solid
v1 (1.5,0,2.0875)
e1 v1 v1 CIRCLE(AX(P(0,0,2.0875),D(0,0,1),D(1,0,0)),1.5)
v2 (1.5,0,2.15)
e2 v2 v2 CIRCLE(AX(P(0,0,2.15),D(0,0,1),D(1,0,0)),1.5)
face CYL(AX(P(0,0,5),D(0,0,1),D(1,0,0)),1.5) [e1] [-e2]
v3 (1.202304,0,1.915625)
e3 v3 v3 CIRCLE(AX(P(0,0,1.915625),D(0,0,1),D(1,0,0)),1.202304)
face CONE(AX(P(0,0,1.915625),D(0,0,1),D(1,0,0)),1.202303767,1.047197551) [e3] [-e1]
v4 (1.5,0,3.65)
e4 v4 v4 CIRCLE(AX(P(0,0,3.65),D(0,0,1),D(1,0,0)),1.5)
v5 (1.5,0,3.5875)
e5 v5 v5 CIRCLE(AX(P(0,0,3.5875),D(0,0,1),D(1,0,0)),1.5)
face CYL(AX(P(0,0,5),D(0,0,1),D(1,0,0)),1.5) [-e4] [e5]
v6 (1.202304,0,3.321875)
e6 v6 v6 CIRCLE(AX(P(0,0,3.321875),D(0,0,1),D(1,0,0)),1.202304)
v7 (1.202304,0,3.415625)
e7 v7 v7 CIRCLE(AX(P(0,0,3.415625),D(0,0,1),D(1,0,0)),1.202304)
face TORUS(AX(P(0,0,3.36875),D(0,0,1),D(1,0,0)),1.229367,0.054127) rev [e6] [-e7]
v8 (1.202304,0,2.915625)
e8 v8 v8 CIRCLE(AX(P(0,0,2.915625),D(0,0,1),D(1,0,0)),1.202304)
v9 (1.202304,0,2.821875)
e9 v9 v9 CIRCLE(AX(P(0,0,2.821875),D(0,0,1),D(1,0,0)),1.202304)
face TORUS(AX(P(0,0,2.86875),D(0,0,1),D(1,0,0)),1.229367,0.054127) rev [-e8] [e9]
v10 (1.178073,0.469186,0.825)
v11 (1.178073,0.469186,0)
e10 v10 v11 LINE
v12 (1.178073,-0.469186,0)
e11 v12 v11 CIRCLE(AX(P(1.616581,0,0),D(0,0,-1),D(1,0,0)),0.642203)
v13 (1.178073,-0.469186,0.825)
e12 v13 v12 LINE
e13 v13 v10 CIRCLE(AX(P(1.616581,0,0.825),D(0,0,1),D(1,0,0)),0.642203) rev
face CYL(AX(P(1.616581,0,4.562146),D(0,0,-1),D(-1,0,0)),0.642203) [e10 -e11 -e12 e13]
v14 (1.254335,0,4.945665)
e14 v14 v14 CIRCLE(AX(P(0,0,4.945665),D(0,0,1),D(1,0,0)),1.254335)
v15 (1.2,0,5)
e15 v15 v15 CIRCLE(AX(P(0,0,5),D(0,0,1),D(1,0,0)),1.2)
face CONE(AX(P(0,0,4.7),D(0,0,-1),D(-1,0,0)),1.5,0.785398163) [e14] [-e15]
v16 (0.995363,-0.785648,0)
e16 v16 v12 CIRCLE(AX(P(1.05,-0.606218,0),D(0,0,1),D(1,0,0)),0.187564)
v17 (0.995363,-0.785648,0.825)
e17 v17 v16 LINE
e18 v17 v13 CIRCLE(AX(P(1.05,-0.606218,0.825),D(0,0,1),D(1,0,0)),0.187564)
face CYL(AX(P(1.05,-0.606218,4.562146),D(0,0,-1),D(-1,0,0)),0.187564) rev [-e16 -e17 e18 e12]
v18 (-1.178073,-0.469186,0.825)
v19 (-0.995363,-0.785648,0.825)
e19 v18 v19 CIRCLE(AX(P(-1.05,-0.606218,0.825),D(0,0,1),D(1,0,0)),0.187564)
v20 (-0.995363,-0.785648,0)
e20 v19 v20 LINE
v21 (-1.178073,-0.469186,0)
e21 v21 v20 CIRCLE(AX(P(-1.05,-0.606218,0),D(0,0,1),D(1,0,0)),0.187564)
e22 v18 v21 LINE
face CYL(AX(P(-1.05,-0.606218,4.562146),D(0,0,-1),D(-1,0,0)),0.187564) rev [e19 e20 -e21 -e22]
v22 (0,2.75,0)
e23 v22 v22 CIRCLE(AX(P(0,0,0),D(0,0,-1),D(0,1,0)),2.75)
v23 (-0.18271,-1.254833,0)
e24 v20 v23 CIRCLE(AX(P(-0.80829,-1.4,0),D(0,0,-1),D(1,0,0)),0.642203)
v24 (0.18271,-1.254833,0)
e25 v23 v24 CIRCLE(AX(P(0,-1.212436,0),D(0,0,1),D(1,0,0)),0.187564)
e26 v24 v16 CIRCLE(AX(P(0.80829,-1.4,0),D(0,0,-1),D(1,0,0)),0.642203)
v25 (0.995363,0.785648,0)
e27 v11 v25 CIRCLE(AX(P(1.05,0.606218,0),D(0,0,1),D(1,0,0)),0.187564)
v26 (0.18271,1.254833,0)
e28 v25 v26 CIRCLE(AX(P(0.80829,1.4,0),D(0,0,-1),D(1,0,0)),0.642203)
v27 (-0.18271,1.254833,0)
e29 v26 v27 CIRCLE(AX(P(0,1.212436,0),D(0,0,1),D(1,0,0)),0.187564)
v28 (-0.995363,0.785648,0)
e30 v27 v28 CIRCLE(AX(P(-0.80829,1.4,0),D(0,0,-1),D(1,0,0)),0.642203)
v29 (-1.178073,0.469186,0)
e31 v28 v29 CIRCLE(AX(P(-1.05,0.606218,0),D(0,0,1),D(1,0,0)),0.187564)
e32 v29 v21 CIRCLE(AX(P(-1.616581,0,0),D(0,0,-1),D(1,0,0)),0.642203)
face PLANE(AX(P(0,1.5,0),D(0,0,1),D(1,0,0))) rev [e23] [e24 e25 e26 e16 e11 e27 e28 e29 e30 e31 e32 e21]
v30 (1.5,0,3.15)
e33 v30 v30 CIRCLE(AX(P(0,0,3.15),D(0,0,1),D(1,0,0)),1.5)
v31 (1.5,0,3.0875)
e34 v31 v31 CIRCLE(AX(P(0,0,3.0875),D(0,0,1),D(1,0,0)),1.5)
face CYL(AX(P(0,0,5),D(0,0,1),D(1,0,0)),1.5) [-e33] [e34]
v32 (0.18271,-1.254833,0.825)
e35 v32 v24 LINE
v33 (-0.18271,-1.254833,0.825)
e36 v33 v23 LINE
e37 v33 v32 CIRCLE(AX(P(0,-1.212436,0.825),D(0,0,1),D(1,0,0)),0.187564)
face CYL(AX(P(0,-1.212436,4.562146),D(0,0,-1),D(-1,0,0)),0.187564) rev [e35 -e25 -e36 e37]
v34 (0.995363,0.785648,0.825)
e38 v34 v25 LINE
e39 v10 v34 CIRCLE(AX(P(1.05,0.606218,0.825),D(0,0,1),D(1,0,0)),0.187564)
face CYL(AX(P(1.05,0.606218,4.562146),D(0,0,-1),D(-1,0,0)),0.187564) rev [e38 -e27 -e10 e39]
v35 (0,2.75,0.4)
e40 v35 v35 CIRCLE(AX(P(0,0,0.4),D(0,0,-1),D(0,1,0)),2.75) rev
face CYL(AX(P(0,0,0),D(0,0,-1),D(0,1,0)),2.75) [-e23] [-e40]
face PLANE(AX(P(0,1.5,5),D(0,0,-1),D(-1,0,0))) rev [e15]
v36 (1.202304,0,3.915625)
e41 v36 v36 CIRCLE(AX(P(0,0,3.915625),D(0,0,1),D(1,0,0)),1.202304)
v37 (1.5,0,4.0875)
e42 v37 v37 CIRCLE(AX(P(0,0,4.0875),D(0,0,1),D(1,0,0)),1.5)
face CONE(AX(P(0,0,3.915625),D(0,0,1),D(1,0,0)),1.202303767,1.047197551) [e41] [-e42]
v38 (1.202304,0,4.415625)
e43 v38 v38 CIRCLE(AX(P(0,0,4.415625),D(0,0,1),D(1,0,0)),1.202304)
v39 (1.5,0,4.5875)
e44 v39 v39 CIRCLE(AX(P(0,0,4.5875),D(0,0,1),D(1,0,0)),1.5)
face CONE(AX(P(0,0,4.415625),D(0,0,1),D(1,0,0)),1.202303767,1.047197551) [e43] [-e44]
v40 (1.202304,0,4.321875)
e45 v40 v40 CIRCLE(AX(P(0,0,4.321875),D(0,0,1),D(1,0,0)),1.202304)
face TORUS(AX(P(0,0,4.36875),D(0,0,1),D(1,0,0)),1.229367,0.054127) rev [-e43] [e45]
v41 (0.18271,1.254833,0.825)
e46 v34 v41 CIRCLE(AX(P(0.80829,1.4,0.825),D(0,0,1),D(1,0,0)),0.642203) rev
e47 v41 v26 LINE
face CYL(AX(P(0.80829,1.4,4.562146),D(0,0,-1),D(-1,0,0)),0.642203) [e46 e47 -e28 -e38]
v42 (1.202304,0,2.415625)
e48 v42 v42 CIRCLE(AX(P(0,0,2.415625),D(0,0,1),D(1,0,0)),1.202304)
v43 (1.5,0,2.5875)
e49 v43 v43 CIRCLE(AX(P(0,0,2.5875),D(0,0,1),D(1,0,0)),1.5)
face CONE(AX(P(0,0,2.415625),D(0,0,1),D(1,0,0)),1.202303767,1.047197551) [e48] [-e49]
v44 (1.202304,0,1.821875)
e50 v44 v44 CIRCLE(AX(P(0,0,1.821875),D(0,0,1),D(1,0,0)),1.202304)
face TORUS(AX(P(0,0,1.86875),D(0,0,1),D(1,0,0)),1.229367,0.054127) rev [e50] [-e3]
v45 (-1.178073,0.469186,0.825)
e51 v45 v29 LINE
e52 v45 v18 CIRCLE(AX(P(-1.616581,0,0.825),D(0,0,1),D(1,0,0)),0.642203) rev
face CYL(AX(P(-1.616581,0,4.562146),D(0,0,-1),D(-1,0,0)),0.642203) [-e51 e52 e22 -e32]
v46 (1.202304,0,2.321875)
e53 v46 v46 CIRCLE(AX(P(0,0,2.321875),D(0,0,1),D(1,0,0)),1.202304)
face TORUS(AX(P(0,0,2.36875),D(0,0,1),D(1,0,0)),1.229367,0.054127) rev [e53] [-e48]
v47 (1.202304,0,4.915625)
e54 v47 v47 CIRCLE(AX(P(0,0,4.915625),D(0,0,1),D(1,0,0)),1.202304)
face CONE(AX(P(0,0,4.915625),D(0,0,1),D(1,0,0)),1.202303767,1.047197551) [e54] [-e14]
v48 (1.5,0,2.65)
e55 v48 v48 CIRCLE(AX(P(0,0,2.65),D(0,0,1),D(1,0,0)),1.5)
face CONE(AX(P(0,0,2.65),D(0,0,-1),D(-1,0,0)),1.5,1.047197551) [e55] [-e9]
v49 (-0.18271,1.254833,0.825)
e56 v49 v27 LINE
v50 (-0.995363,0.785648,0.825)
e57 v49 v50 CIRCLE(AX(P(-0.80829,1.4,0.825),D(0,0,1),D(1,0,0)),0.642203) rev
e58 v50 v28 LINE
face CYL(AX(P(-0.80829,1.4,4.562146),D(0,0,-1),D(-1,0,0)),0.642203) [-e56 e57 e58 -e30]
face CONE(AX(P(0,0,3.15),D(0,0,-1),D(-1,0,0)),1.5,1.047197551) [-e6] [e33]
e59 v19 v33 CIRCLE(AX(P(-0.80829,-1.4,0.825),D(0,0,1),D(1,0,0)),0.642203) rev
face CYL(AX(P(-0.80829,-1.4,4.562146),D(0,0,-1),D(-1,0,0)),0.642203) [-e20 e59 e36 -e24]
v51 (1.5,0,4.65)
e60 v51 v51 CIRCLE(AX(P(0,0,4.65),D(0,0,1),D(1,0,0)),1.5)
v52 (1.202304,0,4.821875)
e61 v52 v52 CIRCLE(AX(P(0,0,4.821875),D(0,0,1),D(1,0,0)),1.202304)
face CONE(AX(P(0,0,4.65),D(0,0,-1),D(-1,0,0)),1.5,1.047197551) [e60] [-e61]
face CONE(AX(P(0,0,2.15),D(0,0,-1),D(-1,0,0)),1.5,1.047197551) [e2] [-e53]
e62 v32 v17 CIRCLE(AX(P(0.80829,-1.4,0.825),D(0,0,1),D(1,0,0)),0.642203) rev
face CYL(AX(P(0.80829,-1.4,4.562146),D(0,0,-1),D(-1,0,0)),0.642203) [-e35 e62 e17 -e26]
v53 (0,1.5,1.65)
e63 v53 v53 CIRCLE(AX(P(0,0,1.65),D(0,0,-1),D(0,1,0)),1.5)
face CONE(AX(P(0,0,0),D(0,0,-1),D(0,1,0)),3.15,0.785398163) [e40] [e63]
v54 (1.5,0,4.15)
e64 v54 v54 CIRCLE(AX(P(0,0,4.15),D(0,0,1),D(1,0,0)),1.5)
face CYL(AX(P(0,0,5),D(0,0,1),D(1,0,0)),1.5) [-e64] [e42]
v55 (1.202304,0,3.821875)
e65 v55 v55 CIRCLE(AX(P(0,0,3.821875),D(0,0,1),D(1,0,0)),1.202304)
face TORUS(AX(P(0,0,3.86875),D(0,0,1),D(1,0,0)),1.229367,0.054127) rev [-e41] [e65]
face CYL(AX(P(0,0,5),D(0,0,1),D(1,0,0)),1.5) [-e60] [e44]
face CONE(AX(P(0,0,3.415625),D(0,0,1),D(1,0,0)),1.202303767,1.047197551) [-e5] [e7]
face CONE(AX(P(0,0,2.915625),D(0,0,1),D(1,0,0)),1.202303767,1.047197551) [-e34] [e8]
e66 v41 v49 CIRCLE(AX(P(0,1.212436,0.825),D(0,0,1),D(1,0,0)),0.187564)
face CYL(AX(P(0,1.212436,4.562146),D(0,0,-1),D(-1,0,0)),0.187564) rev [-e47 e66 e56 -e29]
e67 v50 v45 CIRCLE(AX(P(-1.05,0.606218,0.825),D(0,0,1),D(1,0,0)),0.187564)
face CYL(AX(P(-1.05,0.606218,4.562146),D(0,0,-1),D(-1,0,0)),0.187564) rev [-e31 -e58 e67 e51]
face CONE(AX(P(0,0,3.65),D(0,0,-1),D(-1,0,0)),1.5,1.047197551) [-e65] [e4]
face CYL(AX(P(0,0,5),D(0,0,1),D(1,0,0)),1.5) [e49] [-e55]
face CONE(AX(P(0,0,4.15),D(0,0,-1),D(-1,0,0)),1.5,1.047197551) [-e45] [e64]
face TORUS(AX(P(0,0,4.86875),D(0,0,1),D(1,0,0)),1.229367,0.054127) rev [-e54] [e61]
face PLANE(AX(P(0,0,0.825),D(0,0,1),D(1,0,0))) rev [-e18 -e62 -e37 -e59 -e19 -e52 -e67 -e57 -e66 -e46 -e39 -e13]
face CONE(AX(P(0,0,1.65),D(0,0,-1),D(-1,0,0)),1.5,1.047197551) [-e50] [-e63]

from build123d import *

# Parameters (mm, degrees)
SKETCH5_W           = 5
SKETCH5_H           = 1.5
THREAD_SIMPLE_COUNT = 7
THREAD_SIMPLE_PITCH = 0.5
SKETCH15_W          = 1.65
SKETCH15_H          = 2.75
CUT_HEAD_KEY_DEPTH  = 0.825


with BuildPart() as part:
    # Sketch5 → body (revolve)
    with BuildSketch(Plane(origin=(0, 0, 0), x_dir=(0, 0, -1), z_dir=(1, 0, 0))):
        with Locations((-2.5, 0.75)):
            Rectangle(SKETCH5_W, SKETCH5_H)
    revolve(axis=Axis((0, 0, 5), (0, 0, -1)))

    # Sketch11 → cut-chamfer-start (revolve, cut)
    with BuildSketch(Plane(origin=(0, 0, 0), x_dir=(0, 0, -1), z_dir=(1, 0, 0))):
        Polygon((-5, -1.5), (-5, -1.2), (-4.7, -1.5), align=None)
    revolve(axis=Axis((0, 0, 5), (0, 0, -1)), mode=Mode.SUBTRACT)

    # Sketch8 → thread-single (revolve, cut)
    with BuildSketch(Plane(origin=(0, 0, 0), x_dir=(0, 0, -1), z_dir=(1, 0, 0))):
        with BuildLine():
            Line((-2.0875, -1.5), (-1.65, -1.5))
            Line((-1.65, -1.5), (-1.821875, -1.202303767))
            ThreePointArc((-1.821875, -1.202303767), (-1.86875, -1.175240474), (-1.915625, -1.202303767))
            Line((-1.915625, -1.202303767), (-2.0875, -1.5))
        make_face()
    thread_single = revolve(axis=Axis((0, 0, 5), (0, 0, -1)), mode=Mode.SUBTRACT)

    # thread-simple: thread-single ×7
    with Locations(*[(0, 0, i * THREAD_SIMPLE_PITCH) for i in range(1, THREAD_SIMPLE_COUNT)]):
        add(thread_single, mode=Mode.SUBTRACT)

    # Sketch15 → body-head (revolve)
    with BuildSketch(Plane(origin=(0, 0, 0), x_dir=(0, 0, -1), z_dir=(1, 0, 0))):
        with Locations((-0.825, -1.375)):
            Rectangle(SKETCH15_W, SKETCH15_H)
    revolve(axis=Axis((0, 0, 0), (0, 0, 1)))

    # Sketch19 → cut-head-profile (revolve, cut)
    with BuildSketch(Plane(origin=(0, 0, 0), x_dir=(0, 0, -1), z_dir=(1, 0, 0))):
        Polygon((-1.65, -3.15), (-1.65, -1.5), (0, -3.15), align=None)
    revolve(axis=Axis((0, 0, 0), (0, 0, 1)), mode=Mode.SUBTRACT)

    # Sketch25 → cut-head-key (cut)
    with BuildSketch(Plane.XY):
        with BuildLine():
            ThreePointArc((0.182709695, 1.254833497), (0, 1.4), (-0.182709695, 1.254833497))
            ThreePointArc((-0.182709695, 1.254833497), (-0.487188951, 0.843836016), (-0.995362839, 0.785647986))
            ThreePointArc((-0.995362839, 0.785647986), (-1.212435565, 0.7), (-1.178072534, 0.469185512))
            ThreePointArc((-1.178072534, 0.469185512), (-0.974377901, 0), (-1.178072534, -0.469185512))
            ThreePointArc((-1.178072534, -0.469185512), (-1.212435565, -0.7), (-0.995362839, -0.785647986))
            ThreePointArc((-0.995362839, -0.785647986), (-0.487188951, -0.843836016), (-0.182709695, -1.254833497))
            ThreePointArc((-0.182709695, -1.254833497), (0, -1.4), (0.182709695, -1.254833497))
            ThreePointArc((0.182709695, -1.254833497), (0.487188951, -0.843836016), (0.995362839, -0.785647986))
            ThreePointArc((0.995362839, -0.785647986), (1.212435565, -0.7), (1.178072534, -0.469185512))
            ThreePointArc((1.178072534, -0.469185512), (0.974377901, 0), (1.178072534, 0.469185512))
            ThreePointArc((1.178072534, 0.469185512), (1.212435565, 0.7), (0.995362839, 0.785647986))
            ThreePointArc((0.995362839, 0.785647986), (0.487188951, 0.843836016), (0.182709695, 1.254833497))
        make_face()
    extrude(amount=CUT_HEAD_KEY_DEPTH, mode=Mode.SUBTRACT)


solid = part.part
